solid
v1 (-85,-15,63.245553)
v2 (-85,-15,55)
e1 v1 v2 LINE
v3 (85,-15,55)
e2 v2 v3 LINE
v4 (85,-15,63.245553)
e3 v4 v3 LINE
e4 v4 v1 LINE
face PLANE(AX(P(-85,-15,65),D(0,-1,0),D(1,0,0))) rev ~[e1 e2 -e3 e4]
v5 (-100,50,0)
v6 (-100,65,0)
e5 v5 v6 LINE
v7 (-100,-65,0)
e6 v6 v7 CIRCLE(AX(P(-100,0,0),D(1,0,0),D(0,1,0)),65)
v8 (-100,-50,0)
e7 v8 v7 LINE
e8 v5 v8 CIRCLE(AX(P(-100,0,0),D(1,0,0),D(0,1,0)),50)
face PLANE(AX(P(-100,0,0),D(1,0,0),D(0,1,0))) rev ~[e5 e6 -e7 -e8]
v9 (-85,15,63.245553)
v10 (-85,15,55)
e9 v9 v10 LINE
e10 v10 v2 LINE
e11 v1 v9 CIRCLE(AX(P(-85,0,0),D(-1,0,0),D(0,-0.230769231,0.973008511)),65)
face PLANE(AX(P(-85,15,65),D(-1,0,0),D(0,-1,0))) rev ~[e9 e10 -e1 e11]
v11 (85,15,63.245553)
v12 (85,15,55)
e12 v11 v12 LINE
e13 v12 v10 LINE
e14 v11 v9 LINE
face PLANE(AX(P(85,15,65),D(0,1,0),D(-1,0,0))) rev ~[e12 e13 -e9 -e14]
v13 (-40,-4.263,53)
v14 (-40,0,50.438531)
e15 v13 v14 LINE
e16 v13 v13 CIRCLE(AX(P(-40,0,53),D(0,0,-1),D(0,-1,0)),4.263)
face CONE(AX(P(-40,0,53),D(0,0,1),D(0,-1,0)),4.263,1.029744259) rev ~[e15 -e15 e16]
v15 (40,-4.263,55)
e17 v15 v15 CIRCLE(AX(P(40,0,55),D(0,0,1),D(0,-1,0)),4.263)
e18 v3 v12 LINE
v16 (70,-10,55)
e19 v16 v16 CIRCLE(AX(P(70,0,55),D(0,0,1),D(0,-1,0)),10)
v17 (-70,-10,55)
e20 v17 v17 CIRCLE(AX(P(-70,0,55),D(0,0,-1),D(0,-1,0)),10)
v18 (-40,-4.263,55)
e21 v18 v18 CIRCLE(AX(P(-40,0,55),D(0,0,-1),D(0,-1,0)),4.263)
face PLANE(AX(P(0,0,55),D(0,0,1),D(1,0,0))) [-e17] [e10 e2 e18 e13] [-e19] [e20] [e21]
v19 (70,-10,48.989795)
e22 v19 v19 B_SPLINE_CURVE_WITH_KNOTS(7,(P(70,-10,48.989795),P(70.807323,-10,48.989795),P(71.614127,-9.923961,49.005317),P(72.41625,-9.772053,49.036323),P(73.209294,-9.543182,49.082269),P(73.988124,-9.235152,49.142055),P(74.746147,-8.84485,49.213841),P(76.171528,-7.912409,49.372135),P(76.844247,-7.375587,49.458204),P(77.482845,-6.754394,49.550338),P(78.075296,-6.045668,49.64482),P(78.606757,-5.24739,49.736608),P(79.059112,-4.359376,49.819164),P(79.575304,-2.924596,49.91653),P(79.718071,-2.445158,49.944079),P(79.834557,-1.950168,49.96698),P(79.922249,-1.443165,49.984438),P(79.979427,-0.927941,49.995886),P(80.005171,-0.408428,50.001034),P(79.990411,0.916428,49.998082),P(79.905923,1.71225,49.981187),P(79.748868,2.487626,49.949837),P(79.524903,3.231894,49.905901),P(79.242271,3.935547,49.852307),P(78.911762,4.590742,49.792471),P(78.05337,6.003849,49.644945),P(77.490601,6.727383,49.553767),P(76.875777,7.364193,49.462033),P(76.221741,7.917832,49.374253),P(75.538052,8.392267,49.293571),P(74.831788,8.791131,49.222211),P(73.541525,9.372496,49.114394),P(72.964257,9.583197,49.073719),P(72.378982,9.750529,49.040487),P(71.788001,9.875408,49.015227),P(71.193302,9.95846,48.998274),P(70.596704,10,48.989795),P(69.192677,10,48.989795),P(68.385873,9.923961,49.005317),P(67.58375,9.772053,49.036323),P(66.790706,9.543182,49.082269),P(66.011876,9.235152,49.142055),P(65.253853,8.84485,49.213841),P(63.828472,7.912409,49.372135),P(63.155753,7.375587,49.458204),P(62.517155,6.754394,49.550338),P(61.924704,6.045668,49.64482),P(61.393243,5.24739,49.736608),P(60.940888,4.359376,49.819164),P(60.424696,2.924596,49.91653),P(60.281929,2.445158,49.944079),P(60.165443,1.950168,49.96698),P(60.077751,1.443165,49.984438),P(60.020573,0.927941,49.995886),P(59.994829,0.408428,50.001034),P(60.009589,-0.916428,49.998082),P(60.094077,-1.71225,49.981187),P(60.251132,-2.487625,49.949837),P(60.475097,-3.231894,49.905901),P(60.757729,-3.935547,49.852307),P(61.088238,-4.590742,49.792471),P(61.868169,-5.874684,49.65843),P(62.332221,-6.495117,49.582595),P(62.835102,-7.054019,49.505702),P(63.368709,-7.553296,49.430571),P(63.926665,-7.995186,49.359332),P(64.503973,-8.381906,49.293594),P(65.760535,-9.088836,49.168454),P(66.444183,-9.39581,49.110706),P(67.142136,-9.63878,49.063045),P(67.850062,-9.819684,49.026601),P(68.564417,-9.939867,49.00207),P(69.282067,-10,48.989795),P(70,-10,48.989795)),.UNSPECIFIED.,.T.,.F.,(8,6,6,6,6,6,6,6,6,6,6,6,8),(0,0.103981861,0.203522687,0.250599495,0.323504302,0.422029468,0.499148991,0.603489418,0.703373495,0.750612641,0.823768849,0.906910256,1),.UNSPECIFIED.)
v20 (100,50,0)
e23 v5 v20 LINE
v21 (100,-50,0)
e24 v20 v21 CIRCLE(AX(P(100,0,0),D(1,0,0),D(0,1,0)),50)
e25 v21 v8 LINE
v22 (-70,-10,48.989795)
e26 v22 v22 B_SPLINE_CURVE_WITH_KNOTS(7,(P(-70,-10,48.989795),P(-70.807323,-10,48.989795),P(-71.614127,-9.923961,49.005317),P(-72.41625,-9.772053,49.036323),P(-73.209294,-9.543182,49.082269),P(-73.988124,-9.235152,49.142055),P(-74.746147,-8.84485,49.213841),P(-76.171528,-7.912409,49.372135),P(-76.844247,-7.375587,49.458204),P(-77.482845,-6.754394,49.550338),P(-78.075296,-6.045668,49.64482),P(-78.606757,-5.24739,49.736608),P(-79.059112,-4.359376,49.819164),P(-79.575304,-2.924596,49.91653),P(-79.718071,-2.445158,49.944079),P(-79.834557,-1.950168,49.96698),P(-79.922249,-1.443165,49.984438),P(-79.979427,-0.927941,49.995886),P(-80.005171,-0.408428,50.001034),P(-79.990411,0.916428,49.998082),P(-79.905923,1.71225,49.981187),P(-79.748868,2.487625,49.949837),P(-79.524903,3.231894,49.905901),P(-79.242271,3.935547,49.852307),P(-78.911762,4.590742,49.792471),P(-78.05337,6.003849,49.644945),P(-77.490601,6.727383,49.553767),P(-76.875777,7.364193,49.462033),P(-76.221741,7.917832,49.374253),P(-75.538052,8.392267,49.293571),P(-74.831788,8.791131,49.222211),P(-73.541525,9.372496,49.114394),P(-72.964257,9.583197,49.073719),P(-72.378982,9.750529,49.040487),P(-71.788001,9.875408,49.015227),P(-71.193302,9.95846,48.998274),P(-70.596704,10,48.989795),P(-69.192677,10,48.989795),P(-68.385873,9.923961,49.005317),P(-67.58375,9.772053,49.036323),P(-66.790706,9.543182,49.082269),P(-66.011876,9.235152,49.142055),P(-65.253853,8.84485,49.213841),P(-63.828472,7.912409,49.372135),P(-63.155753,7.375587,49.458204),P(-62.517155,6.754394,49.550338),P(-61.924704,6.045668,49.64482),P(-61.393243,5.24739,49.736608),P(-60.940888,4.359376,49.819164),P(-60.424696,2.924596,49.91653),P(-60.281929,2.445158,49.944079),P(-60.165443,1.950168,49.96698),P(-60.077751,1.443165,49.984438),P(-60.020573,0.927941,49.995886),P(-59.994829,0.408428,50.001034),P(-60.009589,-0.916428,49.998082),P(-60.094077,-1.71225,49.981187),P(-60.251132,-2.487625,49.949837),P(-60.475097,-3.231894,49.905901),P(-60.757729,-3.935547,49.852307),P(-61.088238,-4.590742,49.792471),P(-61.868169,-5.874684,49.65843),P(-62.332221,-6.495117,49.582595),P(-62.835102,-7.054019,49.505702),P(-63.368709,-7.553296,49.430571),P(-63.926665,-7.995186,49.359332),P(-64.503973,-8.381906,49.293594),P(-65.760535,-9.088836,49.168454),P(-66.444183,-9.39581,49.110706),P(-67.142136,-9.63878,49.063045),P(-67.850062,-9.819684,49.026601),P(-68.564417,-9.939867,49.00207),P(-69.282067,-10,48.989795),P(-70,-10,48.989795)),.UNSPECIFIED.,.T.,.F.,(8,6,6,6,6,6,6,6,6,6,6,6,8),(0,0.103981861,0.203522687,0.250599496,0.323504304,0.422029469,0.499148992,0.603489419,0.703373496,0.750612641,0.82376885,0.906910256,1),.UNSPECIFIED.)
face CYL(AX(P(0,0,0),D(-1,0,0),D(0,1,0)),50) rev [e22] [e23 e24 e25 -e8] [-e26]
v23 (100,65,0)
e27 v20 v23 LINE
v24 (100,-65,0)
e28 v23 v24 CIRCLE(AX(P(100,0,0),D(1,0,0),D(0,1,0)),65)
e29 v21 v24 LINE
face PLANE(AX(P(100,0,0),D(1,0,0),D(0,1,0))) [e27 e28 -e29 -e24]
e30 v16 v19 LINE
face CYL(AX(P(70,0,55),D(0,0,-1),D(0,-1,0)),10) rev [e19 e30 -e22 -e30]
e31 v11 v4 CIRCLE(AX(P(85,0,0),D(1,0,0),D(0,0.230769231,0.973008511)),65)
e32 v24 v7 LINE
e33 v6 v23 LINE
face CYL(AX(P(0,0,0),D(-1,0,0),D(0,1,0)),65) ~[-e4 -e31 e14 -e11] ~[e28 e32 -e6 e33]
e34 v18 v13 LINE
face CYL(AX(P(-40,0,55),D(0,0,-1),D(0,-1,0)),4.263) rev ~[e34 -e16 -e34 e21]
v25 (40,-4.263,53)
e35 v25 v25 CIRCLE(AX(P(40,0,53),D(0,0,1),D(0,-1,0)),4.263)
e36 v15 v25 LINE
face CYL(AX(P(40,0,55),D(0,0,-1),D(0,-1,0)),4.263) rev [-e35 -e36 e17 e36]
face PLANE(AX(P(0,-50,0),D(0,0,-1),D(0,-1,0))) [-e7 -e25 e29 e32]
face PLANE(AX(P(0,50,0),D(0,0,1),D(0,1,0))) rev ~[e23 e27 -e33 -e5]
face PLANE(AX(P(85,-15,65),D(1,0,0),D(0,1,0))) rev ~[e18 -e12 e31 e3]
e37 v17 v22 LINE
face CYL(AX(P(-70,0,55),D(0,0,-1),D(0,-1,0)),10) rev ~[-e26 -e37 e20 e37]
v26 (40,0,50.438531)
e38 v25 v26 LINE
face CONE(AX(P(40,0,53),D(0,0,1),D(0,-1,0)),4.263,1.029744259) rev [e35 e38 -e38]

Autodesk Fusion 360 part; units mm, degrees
sketch "Boceto1" plane through (0, 0, 0) normal (1, 0, 0) x (0, 1, 0)
  arc A0 (50, 0) -> (-50, 0) centre (0, 0) ccw
  line L0 (50, 0) -> (65, 0)
  line L1 (-50, 0) -> (-65, 0)
  arc A1 (65, 0) -> (-65, 0) centre (0, 0) ccw
  dimension "d3" = 100
  dimension "d27" = 15
  dimension "d28" = 15
extrude "Extruir1" add sketch "Boceto1" along normal mid plane 200
sketch "Boceto4" plane through (106.6931, 0, 65) normal (0, 0, 1) x (1, 0, 0)
ref_plane "PlanoDeObra4" through (0, 0, 65) normal (0, 0, 1) x (0, -1, 0)
sketch "Boceto5" plane through (0, 0, 65) normal (0, 0, 1) x (1, 0, 0)
  line L0 (85, 15) -> (-85, 15)
  line L1 (-85, 15) -> (-85, -15)
  line L2 (-85, -15) -> (85, -15)
  line L3 (85, -15) -> (85, 15)
  line L4 (85, 15) -> (-85, -15) construction
  line L5 (-85, 15) -> (85, -15) construction
  dimension "d31" = 170
  dimension "d32" = 30
extrude "Extruir3" cut sketch "Boceto5" against normal blind 10
sketch "Boceto6" plane through (0, 0, 55) normal (0, 0, 1) x (-1, 0, 0)
  line L0 (-85, 15) -> (-85, -15)
  line L1 (-85, -15) -> (85, -15)
  line L2 (85, -15) -> (85, 15)
  line L3 (85, 15) -> (-85, 15)
  circle A0 centre (70, 0) radius 10
  circle A1 centre (40, 0) radius 5
  dimension "d35" = 20
  dimension "d36" = 10
  dimension "d37" = 15
  dimension "d38" = 15
  dimension "d39" = 30
hole "Agujero3" at (-40, 0, 55) direction (0, 0, -1) diameter 8.526 depth 2 tip angle 118
hole "Agujero4" at (-70, 0, 55) direction (0, 0, -1) diameter 20 end through all
ref_plane "PlanoDeObra5" through (0, 0, 60.9016) normal (1, 0, 0) x (0, -1, 0)
mirror "Simetría3" about plane through (0, 0, 60.9016) normal (1, 0, 0) of "Agujero3", "Agujero4"
